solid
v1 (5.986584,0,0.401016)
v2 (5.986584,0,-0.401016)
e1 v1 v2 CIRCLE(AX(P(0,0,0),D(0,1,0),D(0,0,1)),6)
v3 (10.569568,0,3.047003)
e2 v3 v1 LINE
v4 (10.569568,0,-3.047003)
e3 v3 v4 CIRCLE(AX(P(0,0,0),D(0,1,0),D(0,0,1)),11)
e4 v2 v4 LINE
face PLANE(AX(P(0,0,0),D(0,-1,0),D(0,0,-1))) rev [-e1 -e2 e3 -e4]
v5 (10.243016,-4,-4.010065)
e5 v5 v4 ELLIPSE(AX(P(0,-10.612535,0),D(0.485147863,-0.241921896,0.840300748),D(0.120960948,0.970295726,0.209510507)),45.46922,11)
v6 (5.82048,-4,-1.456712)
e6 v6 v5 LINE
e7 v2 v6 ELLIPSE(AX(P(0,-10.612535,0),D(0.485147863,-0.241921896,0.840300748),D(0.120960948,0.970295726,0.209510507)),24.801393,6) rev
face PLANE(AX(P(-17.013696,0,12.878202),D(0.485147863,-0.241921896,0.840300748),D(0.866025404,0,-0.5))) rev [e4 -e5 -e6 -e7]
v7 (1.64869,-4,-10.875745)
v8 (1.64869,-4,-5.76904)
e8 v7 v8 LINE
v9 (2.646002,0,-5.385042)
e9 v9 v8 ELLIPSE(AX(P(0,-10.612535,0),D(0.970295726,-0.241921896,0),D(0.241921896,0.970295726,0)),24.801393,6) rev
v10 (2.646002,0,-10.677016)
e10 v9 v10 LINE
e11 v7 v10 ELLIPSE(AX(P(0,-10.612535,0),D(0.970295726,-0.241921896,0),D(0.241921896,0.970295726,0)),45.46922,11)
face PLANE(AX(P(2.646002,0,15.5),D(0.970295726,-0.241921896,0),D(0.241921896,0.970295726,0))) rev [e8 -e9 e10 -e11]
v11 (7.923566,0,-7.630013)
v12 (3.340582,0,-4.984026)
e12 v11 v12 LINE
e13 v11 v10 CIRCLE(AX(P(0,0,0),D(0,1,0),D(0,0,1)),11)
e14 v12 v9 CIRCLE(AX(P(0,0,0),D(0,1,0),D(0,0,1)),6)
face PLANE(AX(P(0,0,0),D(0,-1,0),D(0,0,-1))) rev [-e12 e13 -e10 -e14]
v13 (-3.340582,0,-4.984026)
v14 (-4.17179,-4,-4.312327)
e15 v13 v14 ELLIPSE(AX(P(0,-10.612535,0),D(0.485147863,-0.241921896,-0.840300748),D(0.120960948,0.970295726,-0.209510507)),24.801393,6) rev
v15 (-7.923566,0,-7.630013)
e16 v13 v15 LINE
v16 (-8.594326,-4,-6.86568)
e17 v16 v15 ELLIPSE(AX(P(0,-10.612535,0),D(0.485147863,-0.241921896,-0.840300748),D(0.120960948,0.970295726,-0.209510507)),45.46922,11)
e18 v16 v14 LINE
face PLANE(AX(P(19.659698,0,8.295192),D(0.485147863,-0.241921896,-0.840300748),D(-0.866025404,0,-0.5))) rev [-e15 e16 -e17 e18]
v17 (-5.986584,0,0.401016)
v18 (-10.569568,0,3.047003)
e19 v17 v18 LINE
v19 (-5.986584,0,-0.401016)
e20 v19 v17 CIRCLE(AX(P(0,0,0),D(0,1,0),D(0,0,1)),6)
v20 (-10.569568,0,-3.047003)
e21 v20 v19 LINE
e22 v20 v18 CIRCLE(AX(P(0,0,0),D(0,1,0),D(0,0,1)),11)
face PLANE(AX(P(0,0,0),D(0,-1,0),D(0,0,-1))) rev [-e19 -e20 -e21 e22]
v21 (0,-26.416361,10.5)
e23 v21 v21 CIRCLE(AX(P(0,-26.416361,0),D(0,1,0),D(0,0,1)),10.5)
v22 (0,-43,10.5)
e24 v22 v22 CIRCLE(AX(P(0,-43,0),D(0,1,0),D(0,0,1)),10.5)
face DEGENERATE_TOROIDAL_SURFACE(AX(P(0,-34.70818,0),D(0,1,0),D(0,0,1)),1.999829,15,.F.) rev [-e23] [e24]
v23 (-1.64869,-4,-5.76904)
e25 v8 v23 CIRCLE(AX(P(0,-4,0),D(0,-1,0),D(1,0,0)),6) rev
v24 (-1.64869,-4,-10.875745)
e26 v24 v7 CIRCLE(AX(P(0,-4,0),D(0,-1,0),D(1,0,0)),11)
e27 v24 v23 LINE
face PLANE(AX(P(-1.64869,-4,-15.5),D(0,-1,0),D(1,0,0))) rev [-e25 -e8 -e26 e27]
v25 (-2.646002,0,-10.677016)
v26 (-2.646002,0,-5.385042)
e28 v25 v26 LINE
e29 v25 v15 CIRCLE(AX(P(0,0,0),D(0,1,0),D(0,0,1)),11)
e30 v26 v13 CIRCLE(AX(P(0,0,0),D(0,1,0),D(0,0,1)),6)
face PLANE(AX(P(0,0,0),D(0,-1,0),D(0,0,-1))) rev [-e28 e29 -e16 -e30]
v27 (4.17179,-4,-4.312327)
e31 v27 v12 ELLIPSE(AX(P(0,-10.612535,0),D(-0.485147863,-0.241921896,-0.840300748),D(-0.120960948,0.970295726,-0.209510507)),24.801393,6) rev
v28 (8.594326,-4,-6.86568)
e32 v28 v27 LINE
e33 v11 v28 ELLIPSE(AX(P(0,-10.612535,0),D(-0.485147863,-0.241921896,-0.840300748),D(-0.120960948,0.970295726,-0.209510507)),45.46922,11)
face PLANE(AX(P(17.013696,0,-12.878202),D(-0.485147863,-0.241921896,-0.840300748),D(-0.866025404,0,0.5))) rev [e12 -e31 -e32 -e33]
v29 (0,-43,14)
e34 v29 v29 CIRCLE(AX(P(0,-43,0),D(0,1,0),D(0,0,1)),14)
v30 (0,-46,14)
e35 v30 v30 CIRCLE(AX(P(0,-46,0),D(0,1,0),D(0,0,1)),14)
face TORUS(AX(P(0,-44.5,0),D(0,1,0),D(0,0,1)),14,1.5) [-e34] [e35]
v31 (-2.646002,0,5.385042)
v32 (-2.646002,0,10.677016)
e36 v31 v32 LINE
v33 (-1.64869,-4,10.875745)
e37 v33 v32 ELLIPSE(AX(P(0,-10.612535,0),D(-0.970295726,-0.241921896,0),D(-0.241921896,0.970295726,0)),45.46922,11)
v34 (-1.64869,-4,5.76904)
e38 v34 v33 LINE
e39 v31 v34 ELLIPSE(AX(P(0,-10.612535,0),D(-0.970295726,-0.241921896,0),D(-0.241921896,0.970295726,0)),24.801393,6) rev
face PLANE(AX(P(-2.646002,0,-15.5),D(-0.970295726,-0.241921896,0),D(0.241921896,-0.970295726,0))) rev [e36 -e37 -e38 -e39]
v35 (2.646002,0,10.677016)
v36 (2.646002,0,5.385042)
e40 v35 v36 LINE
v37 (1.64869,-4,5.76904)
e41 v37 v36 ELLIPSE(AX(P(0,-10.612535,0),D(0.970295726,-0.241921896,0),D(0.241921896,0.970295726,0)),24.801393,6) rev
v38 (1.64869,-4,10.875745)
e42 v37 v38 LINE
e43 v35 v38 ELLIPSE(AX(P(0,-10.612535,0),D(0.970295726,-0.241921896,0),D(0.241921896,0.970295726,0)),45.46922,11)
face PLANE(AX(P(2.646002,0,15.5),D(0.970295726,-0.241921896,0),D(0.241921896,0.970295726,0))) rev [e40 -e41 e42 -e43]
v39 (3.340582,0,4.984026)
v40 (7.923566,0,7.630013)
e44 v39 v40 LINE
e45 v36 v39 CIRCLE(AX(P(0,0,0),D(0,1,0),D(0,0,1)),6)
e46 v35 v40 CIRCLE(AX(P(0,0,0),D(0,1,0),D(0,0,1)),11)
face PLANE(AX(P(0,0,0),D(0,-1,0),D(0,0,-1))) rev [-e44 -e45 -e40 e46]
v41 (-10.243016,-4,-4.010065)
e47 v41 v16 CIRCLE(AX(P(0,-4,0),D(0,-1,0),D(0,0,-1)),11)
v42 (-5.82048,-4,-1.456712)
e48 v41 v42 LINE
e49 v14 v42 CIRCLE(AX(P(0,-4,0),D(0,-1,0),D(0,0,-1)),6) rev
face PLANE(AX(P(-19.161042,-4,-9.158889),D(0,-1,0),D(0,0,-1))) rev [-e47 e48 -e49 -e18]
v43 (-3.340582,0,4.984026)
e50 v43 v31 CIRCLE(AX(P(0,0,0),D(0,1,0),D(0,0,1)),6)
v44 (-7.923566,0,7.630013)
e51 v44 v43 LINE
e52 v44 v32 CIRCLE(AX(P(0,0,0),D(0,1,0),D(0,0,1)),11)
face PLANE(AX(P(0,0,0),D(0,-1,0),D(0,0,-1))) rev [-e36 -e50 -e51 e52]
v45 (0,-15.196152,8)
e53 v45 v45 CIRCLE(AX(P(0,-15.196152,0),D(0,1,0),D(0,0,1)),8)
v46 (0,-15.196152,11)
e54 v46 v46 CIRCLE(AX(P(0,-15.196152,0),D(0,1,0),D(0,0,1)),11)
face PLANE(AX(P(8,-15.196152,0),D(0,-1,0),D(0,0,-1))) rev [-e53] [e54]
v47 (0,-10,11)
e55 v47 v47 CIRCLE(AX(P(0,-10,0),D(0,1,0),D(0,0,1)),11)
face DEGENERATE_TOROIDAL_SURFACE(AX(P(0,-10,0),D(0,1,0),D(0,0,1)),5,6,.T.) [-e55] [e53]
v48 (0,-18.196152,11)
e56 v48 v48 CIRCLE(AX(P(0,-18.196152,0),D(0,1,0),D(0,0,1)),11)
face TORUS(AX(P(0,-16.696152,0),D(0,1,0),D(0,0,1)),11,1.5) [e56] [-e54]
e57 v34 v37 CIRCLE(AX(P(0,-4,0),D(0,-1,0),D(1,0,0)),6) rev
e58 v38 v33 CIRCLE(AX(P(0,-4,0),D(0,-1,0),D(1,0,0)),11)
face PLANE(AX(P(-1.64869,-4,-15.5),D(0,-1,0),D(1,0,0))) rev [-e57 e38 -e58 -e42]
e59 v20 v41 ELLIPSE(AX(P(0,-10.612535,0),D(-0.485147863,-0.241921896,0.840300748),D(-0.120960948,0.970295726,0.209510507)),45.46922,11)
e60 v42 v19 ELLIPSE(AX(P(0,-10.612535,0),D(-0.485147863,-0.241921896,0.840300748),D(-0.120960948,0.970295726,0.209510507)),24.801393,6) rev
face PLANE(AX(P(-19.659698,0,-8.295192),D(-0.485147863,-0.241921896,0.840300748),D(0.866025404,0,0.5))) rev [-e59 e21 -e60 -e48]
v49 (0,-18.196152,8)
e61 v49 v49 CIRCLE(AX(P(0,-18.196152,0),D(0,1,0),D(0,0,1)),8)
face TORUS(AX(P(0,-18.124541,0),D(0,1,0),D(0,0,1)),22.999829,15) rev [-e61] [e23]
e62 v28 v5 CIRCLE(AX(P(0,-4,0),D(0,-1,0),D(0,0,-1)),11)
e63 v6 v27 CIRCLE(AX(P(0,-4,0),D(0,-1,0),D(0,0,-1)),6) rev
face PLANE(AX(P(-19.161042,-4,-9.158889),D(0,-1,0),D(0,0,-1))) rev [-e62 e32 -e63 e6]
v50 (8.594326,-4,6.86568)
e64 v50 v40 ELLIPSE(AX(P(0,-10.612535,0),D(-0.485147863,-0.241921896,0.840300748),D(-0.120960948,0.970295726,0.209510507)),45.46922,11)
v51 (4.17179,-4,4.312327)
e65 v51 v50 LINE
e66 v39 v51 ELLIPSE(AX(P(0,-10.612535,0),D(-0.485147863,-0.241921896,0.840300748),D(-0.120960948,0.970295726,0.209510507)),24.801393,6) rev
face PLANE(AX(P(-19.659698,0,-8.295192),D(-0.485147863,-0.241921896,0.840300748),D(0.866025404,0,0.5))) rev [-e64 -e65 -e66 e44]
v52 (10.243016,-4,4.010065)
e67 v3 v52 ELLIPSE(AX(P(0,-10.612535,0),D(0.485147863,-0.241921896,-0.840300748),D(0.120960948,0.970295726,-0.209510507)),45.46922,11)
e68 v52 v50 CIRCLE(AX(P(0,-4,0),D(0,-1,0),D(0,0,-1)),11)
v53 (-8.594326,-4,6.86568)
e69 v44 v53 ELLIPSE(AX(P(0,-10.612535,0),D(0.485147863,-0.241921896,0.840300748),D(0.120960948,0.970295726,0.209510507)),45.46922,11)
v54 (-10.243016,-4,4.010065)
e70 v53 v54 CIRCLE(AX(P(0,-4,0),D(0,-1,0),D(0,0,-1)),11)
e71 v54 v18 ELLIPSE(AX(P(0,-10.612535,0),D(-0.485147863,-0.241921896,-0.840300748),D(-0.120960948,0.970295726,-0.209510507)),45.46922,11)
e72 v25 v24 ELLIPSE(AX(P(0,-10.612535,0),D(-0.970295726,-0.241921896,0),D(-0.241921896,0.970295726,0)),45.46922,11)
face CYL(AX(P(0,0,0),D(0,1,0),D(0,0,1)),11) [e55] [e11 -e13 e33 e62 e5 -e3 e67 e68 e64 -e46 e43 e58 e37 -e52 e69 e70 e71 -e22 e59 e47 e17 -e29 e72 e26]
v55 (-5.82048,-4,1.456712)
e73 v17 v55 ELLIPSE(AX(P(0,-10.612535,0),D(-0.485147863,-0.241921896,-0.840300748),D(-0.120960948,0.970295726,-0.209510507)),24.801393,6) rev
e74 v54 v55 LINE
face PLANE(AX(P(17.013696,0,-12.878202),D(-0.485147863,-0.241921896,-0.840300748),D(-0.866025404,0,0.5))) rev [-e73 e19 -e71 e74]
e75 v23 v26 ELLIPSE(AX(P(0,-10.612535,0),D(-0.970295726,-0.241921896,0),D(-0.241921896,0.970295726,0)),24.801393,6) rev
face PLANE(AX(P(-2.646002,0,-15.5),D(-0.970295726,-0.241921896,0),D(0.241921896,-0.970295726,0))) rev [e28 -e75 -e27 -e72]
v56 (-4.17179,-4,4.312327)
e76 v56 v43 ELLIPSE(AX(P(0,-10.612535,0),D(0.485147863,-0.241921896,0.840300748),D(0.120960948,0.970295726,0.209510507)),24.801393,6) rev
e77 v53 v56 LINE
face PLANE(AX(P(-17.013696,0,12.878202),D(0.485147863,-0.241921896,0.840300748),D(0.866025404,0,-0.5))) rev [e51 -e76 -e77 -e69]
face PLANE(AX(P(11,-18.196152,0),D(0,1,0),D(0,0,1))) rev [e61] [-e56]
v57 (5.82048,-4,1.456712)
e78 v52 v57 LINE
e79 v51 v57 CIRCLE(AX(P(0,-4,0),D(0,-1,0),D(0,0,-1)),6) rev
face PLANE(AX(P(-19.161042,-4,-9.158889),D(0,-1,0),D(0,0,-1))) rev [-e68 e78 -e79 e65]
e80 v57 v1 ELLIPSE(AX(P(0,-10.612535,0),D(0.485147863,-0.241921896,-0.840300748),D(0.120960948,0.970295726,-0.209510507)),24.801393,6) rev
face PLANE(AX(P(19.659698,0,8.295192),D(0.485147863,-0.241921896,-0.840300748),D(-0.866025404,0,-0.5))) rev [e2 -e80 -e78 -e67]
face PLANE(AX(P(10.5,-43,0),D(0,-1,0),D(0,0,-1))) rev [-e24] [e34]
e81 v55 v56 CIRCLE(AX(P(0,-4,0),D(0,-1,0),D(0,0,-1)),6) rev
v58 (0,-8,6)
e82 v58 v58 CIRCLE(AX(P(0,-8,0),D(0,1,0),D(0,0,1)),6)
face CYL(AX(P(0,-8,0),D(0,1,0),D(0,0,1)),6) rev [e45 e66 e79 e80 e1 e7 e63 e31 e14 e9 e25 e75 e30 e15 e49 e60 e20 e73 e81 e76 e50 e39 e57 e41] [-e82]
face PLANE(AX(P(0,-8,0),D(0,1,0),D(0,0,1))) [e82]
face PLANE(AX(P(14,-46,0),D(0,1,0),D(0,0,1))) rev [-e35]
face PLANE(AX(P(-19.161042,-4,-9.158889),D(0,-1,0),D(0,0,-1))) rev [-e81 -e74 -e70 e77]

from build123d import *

# Parameters (mm, degrees)
SKETCH2_R          = 6
CUT_EXTRUDE1_DEPTH = 8
CUT_EXTRUDE2_DEPTH = 51.955863315
CIRPATTERN1_COUNT  = 6


with BuildPart() as part:
    # Sketch1 → Revolve1 (revolve)
    with BuildSketch(Plane.XY, mode=Mode.PRIVATE) as revolve1_sk:
        with BuildLine():
            Line((0, 0), (11, 0))
            Line((11, 0), (11, -10))
            ThreePointArc((11, -10), (10.196152423, -13), (8, -15.196152423))
            Line((8, -15.196152423), (11, -15.196152423))
            ThreePointArc((11, -15.196152423), (12.5, -16.696152423), (11, -18.196152423))
            Line((11, -18.196152423), (8, -18.196152423))
            ThreePointArc((8, -18.196152423), (8.648844598, -22.489085058), (10.5, -26.416360653))
            ThreePointArc((10.5, -26.416360653), (13.000170941, -34.708180327), (10.5, -43))
            Line((10.5, -43), (14, -43))
            ThreePointArc((14, -43), (15.5, -44.5), (14, -46))
            Line((14, -46), (0, -46))
            Line((0, -46), (0, 0))
        make_face()
    revolve(revolve1_sk.sketch.rotate(Axis((0, 0, 0), (0, -1, 0)), 90), axis=Axis((0, 0, 0), (0, -1, 0)))

    # Sketch2 → Cut-Extrude1 (cut)
    with BuildSketch(Plane(origin=(0, 0, 0), x_dir=(1, 0, 0), z_dir=(0, 1, 0))):
        with Locations(Location((0, 0, 0), (0, 0, 270))):
            Circle(SKETCH2_R)
    extrude(amount=-CUT_EXTRUDE1_DEPTH, mode=Mode.SUBTRACT)

    # Sketch3 → Cut-Extrude2 (cut, symmetric)
    with BuildSketch(Plane.XY):
        Polygon((-2.646002044, 0), (-1.648690033, -4), (1.648690033, -4), (2.353997956, 0), align=None)
    cut_extrude2 = extrude(amount=CUT_EXTRUDE2_DEPTH, both=True, mode=Mode.SUBTRACT)

    # CirPattern1: Cut-Extrude2 ×6 about axis
    cirpattern1_axis = Axis((0, 0, 0), (0, 1, 0))
    for i in range(1, CIRPATTERN1_COUNT):
        add(cut_extrude2.rotate(cirpattern1_axis, i * 360 / CIRPATTERN1_COUNT), mode=Mode.SUBTRACT)


solid = part.part
